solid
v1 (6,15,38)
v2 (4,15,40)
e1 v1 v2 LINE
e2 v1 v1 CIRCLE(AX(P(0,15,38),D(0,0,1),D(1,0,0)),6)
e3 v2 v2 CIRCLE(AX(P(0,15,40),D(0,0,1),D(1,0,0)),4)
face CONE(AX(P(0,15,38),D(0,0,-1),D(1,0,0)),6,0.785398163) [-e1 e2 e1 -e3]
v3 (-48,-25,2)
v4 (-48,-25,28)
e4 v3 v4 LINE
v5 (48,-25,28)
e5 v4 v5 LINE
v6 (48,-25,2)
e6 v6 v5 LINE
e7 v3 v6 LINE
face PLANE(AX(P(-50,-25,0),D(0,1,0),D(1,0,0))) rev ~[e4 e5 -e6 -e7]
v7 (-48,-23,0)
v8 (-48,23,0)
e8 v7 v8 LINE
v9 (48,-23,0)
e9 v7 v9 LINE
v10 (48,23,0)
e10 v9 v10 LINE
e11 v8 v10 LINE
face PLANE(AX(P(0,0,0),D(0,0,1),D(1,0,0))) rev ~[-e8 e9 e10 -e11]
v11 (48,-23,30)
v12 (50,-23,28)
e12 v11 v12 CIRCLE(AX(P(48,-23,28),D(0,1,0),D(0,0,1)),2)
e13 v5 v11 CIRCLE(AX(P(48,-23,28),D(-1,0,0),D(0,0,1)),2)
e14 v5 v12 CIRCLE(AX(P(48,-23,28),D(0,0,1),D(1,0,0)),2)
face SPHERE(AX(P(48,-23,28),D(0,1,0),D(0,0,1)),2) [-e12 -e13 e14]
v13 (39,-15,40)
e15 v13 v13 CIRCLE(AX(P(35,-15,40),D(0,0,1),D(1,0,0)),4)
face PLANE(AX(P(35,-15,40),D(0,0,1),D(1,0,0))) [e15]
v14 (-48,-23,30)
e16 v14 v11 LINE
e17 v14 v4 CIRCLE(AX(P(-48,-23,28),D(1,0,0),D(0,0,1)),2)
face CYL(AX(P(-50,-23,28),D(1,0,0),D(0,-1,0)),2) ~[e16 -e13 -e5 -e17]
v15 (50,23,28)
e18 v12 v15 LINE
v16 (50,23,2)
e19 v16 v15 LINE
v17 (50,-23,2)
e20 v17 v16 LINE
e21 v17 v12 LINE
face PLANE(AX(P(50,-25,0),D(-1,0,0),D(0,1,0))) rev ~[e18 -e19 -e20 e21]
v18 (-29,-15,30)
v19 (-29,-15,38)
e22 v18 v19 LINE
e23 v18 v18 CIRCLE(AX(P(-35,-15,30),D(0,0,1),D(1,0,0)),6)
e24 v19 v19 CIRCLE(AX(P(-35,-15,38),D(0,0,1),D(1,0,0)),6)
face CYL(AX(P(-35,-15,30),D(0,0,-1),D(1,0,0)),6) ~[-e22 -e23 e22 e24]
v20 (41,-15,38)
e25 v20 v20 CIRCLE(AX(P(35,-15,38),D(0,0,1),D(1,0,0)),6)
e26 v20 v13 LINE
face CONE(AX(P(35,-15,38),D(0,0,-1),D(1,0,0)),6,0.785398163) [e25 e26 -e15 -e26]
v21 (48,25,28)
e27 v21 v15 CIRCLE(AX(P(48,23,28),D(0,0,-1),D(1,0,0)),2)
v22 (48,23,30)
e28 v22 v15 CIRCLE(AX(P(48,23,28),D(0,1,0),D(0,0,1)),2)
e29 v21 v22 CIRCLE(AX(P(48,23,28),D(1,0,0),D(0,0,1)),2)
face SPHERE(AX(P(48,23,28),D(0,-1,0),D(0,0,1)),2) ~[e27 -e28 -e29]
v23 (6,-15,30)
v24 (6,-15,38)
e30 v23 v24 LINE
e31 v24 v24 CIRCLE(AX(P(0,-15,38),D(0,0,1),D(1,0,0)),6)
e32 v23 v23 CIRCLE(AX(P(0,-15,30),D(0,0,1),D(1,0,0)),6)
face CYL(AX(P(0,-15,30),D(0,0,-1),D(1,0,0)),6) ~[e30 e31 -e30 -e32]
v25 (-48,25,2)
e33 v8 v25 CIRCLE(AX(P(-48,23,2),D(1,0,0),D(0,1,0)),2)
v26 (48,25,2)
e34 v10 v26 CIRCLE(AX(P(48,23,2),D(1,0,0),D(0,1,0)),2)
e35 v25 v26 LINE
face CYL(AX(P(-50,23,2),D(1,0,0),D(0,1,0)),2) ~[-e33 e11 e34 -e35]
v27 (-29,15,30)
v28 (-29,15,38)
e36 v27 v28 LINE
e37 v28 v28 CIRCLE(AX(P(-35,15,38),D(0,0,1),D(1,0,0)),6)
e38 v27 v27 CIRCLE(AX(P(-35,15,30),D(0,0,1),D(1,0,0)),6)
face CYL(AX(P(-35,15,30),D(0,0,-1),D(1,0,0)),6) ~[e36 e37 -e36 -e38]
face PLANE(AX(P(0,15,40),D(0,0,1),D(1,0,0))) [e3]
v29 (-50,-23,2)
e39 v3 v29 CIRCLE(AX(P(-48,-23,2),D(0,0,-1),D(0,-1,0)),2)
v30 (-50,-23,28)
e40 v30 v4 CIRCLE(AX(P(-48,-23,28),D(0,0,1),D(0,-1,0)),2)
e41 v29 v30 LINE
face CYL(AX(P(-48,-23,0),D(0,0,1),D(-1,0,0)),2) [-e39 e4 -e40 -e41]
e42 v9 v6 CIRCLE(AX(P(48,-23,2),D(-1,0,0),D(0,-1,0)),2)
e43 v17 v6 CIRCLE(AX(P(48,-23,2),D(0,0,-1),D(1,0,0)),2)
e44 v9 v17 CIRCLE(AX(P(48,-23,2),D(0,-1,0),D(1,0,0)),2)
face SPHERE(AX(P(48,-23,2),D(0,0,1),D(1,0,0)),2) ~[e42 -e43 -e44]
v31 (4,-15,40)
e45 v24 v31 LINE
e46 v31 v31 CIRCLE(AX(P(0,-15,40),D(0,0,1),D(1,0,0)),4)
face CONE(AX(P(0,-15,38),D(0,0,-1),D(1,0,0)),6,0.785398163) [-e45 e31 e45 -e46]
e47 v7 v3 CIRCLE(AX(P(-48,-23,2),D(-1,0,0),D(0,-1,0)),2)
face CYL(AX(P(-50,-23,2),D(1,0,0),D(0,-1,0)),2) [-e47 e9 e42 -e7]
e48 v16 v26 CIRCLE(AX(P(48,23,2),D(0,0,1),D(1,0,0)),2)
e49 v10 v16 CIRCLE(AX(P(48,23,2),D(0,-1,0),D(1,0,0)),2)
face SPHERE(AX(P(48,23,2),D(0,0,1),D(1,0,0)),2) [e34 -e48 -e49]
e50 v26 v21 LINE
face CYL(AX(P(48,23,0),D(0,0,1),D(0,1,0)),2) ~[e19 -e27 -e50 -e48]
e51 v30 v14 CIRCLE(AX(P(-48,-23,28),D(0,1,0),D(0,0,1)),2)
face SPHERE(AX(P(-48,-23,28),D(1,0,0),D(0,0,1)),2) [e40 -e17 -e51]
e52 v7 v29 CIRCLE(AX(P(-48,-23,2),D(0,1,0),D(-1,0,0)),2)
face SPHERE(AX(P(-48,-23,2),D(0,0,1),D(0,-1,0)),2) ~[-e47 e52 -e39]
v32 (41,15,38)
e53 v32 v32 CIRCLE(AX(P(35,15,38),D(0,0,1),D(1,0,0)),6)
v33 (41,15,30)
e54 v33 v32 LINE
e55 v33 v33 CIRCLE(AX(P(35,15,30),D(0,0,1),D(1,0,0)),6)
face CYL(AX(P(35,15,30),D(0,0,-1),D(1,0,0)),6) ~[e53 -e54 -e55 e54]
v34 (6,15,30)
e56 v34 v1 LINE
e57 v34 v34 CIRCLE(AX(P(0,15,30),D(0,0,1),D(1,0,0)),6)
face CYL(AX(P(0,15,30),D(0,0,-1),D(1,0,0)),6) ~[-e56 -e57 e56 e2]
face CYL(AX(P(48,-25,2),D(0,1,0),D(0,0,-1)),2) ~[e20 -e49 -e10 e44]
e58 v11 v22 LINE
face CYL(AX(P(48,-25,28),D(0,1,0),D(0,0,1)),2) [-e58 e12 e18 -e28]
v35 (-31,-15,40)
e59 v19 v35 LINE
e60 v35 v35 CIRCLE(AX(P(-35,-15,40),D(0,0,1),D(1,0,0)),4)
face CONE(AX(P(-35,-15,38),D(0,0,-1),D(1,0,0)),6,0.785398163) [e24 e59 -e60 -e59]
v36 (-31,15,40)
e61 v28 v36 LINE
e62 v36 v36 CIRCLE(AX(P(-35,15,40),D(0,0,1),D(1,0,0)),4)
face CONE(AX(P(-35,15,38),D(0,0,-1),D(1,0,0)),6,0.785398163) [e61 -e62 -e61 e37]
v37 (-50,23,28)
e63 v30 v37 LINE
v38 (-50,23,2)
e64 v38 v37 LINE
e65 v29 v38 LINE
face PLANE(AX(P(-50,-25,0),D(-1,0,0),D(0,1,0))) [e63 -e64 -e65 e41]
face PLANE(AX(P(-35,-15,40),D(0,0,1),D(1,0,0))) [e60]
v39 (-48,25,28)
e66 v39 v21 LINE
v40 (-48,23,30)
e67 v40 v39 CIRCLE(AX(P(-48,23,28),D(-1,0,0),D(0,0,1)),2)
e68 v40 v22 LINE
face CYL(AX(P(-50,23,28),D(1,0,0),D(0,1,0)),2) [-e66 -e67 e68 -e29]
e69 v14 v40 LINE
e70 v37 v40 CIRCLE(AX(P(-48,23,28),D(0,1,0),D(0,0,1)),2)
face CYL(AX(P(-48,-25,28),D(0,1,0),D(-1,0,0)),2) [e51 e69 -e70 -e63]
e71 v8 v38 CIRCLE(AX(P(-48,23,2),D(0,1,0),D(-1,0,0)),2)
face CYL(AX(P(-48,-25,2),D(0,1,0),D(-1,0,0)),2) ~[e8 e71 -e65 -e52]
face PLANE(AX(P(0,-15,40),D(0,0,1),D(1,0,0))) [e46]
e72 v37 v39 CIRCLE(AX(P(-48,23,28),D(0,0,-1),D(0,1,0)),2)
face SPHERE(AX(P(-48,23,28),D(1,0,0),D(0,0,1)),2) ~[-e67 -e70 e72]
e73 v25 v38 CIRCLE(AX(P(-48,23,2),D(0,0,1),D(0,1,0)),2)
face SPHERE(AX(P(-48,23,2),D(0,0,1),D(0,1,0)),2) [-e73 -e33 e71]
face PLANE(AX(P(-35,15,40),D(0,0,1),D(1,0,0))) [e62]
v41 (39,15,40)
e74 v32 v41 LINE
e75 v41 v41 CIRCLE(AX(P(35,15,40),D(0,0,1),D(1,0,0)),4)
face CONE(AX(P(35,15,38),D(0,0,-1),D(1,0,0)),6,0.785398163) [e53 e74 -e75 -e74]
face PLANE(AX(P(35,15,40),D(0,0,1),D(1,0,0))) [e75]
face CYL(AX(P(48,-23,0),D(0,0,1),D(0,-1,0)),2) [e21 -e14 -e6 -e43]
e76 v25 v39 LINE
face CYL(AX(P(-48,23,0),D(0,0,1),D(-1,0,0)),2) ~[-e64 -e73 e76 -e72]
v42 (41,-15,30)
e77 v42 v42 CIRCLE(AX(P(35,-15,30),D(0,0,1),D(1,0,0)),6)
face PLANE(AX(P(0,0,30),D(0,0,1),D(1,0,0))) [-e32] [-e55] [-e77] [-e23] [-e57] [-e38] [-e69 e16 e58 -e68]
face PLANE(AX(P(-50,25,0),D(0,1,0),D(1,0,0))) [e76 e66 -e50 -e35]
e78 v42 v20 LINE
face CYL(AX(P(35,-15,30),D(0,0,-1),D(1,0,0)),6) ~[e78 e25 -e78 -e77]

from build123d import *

# Parameters (mm, degrees)
F0_W      = 100
F0_H      = 50
F1_DEPTH  = 30
F2_R      = 6
F3_DEPTH  = 10
F4_R      = 2
F5_SIZE   = 2
F3_FACE_R = 4
F6_DEPTH  = 5


with BuildPart() as f1:
    # F0 (on Top) → F1 (new body)
    with BuildSketch(Plane.XY):
        Rectangle(F0_W, F0_H)
    extrude(amount=F1_DEPTH)

    # F2 (on face) → F3 (join)
    with BuildSketch(Plane.XY.offset(30)):
        with Locations((35, 15)):
            Circle(F2_R)
        with Locations((35, -15)):
            Circle(F2_R)
        with Locations((0, -15)):
            Circle(F2_R)
        with Locations((0, 15)):
            Circle(F2_R)
        with Locations((-35, 15)):
            Circle(F2_R)
        with Locations((-35, -15)):
            Circle(F2_R)
    extrude(amount=F3_DEPTH)

    # F4
    f4_edges = [f1.edges().sort_by_distance(p)[0] for p in [
        (50, 0, 30),
        (0, -25, 30),
        (0, 25, 30),
        (-50, 0, 30),
        (50, -25, 15),
        (50, 25, 15),
        (50, 0, 0),
        (-50, -25, 15),
        (0, -25, 0),
        (-50, 25, 15),
        (0, 25, 0),
        (-50, 0, 0),
    ]]
    fillet(f4_edges, radius=F4_R)

    # F5
    f5_edges = [f1.edges().sort_by_distance(p)[0] for p in [
        (-41, 15, 40),
        (-41, -15, 40),
        (-6, -15, 40),
        (-6, 15, 40),
        (29, 15, 40),
        (29, -15, 40),
    ]]
    chamfer(f5_edges, length=F5_SIZE)

    # F3_face (on face) → F6 (join)
    with BuildSketch(Plane(origin=(-35, -15, 40), x_dir=(1, 0, 0), z_dir=(0, 0, 1))):
        Circle(F3_FACE_R)
    extrude(amount=-F6_DEPTH)


solid = f1.part
